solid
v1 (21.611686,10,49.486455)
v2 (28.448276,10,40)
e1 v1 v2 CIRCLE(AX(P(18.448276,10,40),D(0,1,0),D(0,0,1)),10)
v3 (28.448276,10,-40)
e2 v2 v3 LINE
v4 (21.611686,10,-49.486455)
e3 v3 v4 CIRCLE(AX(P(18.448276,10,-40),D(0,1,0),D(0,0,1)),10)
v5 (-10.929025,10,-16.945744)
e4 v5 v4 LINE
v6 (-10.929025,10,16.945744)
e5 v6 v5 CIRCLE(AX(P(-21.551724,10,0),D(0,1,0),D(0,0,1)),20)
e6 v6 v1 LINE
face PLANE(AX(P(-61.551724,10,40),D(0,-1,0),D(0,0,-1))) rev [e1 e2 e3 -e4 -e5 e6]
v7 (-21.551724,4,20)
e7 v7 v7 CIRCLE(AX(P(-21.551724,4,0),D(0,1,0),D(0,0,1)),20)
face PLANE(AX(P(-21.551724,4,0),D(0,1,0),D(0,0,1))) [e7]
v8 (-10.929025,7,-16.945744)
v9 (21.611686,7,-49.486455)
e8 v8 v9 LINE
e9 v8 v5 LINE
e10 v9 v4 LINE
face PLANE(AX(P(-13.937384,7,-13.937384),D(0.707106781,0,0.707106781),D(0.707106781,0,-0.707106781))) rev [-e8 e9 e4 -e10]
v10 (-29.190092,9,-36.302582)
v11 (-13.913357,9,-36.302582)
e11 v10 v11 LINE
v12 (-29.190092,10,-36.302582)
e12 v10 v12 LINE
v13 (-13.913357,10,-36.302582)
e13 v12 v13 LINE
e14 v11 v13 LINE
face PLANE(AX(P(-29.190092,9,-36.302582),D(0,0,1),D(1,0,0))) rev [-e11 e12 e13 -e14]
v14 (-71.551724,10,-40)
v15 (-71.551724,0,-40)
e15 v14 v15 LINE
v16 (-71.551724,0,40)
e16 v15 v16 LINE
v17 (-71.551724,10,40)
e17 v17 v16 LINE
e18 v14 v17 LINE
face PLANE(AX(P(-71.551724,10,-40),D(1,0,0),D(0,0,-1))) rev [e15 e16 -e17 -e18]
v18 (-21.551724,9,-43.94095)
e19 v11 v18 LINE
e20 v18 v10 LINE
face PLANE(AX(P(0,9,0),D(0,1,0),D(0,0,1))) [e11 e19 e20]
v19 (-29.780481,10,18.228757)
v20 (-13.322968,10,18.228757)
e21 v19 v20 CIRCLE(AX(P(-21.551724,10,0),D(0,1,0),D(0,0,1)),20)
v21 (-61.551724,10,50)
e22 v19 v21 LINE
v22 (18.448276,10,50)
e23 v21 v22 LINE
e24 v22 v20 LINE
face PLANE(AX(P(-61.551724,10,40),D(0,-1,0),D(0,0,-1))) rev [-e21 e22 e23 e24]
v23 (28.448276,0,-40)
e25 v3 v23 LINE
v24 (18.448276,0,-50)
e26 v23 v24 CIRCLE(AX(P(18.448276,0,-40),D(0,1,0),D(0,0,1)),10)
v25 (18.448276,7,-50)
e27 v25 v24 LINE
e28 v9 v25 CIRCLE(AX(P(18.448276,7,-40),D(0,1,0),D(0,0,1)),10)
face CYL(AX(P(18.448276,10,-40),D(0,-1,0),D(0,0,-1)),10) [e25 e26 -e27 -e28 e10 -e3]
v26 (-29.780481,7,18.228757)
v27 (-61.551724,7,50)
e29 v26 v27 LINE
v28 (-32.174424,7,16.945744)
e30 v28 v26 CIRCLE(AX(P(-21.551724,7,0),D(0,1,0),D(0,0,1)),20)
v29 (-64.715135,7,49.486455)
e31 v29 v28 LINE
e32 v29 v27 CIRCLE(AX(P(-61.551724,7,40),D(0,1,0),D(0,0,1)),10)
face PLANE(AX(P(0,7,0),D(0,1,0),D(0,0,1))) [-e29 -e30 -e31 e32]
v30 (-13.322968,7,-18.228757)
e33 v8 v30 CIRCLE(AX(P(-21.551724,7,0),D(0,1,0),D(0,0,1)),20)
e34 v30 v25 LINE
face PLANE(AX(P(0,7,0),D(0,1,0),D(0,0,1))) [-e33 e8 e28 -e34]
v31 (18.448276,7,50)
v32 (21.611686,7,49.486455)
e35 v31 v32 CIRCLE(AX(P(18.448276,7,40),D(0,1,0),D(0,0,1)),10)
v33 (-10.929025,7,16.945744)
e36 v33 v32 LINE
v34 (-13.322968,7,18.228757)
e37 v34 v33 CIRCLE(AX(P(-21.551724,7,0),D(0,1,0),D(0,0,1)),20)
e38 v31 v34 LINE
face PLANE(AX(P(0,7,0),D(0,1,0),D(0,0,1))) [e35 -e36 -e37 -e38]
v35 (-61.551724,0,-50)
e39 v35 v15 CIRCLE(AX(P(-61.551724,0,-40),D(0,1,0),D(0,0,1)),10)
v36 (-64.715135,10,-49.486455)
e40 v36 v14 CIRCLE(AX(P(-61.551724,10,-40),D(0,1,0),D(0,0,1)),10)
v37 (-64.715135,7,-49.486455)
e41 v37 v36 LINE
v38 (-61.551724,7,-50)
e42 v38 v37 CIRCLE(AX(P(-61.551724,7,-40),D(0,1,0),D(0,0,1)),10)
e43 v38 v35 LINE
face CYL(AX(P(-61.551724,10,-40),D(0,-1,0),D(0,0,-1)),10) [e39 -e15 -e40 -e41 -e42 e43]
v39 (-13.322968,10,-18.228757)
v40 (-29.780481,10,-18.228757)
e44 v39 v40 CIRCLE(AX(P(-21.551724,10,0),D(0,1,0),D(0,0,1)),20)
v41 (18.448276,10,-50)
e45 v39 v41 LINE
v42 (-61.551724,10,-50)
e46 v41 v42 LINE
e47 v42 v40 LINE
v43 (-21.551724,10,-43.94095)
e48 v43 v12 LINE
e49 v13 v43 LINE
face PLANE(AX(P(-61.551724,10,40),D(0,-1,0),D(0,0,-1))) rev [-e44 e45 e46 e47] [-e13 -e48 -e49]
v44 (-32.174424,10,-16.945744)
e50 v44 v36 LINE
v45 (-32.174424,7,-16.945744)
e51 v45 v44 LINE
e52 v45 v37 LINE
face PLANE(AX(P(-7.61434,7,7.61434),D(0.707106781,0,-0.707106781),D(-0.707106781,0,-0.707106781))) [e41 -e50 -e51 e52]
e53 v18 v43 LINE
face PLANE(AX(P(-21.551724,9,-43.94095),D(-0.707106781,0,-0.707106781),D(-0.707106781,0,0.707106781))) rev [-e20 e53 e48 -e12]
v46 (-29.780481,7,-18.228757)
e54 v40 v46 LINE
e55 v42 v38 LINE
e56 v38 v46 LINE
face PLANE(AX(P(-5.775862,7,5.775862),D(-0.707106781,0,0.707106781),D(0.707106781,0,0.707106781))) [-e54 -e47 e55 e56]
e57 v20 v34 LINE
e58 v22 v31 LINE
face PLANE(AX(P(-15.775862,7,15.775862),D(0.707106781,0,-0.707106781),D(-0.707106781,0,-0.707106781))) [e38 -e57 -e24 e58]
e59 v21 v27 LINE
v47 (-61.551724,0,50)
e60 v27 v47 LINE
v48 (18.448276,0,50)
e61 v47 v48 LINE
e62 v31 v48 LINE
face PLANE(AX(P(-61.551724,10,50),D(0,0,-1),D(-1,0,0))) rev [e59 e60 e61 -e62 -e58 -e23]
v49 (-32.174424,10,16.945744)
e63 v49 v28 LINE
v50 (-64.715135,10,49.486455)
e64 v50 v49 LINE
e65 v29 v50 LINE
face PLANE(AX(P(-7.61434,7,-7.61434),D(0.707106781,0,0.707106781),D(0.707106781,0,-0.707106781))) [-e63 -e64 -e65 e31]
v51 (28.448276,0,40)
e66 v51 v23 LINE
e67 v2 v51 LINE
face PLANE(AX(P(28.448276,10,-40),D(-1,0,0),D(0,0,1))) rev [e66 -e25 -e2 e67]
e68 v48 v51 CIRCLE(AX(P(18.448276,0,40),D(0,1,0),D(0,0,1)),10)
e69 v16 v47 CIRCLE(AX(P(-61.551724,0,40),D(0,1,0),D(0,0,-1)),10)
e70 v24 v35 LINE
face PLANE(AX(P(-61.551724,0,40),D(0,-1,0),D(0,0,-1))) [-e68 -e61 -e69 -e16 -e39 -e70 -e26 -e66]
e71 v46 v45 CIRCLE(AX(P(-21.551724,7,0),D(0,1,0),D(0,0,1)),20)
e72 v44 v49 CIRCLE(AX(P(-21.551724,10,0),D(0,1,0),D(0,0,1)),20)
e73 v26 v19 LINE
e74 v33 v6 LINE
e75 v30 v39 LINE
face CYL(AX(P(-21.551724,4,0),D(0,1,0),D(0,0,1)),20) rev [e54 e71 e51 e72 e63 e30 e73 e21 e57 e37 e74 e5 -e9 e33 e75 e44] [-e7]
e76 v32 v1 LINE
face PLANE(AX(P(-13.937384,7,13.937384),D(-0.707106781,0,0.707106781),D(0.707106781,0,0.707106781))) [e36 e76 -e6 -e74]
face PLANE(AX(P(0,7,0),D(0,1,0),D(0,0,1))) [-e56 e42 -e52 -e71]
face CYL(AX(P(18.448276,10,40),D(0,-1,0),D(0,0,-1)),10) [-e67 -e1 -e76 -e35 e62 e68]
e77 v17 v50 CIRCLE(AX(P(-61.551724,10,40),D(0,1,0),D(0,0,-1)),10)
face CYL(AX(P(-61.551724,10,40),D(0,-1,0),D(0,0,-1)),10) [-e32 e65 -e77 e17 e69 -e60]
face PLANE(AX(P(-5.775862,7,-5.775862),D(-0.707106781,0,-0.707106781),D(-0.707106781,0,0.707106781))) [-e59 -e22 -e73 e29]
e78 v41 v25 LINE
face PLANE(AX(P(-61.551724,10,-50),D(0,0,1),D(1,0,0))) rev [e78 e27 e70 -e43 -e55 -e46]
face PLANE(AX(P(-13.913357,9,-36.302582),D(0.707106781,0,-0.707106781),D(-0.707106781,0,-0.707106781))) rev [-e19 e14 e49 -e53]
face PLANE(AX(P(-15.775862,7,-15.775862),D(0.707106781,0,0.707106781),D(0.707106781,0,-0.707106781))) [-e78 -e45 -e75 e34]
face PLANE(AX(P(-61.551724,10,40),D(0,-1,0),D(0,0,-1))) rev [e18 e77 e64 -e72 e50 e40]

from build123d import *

# Parameters (mm, degrees)
EXTRUDE_1_DEPTH     = 10
CUT_EXTRUDE_START   = -3
CUT_EXTRUDE_1_DEPTH = 3
SKETCH_3_R          = 20
CUT_EXTRUDE_2_DEPTH = 6
CUT_EXTRUDE_3_DEPTH = 1


with BuildPart() as part:
    # 草图1 → 凸台-拉伸1 (new body)
    with BuildSketch(Plane(origin=(0, 0, 0), x_dir=(1, 0, 0), z_dir=(0, 1, 0))):
        with BuildLine():
            Line((-61.551724138, 50), (18.448275862, 50))
            ThreePointArc((18.448275862, 50), (25.519343674, 47.071067812), (28.448275862, 40))
            Line((28.448275862, 40), (28.448275862, -40))
            ThreePointArc((28.448275862, -40), (25.519343674, -47.071067812), (18.448275862, -50))
            Line((18.448275862, -50), (-61.551724138, -50))
            ThreePointArc((-61.551724138, -50), (-68.62279195, -47.071067812), (-71.551724138, -40))
            Line((-71.551724138, -40), (-71.551724138, 40))
            ThreePointArc((-71.551724138, 40), (-68.62279195, 47.071067812), (-61.551724138, 50))
        make_face()
    extrude(amount=EXTRUDE_1_DEPTH)

    # 草图2 → 切除-拉伸1 (cut)
    with BuildSketch(Plane(origin=(0, 10, 0), x_dir=(1, 0, 0), z_dir=(0, 1, 0)).offset(CUT_EXTRUDE_START)):
        with BuildLine():
            Line((-21.551724138, 10), (-61.551724138, 50))
            ThreePointArc((-61.551724138, 50), (-63.154135948, 49.870778915), (-64.715134679, 49.486455279))
            Line((-64.715134679, 49.486455279), (-21.551724138, 6.323044738))
            Line((-21.551724138, 6.323044738), (21.611686403, 49.486455279))
            ThreePointArc((21.611686403, 49.486455279), (20.050687672, 49.870778915), (18.448275862, 50))
            Line((18.448275862, 50), (-21.551724138, 10))
        make_face()
        with BuildLine():
            Line((-21.551724138, -10), (18.448275862, -50))
            ThreePointArc((18.448275862, -50), (20.050687672, -49.870778915), (21.611686403, -49.486455279))
            Line((21.611686403, -49.486455279), (-21.551724138, -6.323044738))
            Line((-21.551724138, -6.323044738), (-64.715134679, -49.486455279))
            ThreePointArc((-64.715134679, -49.486455279), (-63.154135948, -49.870778915), (-61.551724138, -50))
            Line((-61.551724138, -50), (-21.551724138, -10))
        make_face()
    extrude(amount=CUT_EXTRUDE_1_DEPTH, mode=Mode.SUBTRACT)

    # 草图3 → 切除-拉伸2 (cut)
    with BuildSketch(Plane(origin=(0, 10, 0), x_dir=(1, 0, 0), z_dir=(0, 1, 0))):
        with Locations(Location((-21.551724138, 0, 0), (0, 0, 270))):
            Circle(SKETCH_3_R)
    extrude(amount=-CUT_EXTRUDE_2_DEPTH, mode=Mode.SUBTRACT)

    # 草图5 → 切除-拉伸3 (cut)
    with BuildSketch(Plane(origin=(0, 10, 0), x_dir=(1, 0, 0), z_dir=(0, 1, 0))):
        Polygon((-21.551724138, 43.940949844), (-29.190091611, 36.302582371), (-13.913356665, 36.302582371), align=None)
    extrude(amount=-CUT_EXTRUDE_3_DEPTH, mode=Mode.SUBTRACT)


solid = part.part
